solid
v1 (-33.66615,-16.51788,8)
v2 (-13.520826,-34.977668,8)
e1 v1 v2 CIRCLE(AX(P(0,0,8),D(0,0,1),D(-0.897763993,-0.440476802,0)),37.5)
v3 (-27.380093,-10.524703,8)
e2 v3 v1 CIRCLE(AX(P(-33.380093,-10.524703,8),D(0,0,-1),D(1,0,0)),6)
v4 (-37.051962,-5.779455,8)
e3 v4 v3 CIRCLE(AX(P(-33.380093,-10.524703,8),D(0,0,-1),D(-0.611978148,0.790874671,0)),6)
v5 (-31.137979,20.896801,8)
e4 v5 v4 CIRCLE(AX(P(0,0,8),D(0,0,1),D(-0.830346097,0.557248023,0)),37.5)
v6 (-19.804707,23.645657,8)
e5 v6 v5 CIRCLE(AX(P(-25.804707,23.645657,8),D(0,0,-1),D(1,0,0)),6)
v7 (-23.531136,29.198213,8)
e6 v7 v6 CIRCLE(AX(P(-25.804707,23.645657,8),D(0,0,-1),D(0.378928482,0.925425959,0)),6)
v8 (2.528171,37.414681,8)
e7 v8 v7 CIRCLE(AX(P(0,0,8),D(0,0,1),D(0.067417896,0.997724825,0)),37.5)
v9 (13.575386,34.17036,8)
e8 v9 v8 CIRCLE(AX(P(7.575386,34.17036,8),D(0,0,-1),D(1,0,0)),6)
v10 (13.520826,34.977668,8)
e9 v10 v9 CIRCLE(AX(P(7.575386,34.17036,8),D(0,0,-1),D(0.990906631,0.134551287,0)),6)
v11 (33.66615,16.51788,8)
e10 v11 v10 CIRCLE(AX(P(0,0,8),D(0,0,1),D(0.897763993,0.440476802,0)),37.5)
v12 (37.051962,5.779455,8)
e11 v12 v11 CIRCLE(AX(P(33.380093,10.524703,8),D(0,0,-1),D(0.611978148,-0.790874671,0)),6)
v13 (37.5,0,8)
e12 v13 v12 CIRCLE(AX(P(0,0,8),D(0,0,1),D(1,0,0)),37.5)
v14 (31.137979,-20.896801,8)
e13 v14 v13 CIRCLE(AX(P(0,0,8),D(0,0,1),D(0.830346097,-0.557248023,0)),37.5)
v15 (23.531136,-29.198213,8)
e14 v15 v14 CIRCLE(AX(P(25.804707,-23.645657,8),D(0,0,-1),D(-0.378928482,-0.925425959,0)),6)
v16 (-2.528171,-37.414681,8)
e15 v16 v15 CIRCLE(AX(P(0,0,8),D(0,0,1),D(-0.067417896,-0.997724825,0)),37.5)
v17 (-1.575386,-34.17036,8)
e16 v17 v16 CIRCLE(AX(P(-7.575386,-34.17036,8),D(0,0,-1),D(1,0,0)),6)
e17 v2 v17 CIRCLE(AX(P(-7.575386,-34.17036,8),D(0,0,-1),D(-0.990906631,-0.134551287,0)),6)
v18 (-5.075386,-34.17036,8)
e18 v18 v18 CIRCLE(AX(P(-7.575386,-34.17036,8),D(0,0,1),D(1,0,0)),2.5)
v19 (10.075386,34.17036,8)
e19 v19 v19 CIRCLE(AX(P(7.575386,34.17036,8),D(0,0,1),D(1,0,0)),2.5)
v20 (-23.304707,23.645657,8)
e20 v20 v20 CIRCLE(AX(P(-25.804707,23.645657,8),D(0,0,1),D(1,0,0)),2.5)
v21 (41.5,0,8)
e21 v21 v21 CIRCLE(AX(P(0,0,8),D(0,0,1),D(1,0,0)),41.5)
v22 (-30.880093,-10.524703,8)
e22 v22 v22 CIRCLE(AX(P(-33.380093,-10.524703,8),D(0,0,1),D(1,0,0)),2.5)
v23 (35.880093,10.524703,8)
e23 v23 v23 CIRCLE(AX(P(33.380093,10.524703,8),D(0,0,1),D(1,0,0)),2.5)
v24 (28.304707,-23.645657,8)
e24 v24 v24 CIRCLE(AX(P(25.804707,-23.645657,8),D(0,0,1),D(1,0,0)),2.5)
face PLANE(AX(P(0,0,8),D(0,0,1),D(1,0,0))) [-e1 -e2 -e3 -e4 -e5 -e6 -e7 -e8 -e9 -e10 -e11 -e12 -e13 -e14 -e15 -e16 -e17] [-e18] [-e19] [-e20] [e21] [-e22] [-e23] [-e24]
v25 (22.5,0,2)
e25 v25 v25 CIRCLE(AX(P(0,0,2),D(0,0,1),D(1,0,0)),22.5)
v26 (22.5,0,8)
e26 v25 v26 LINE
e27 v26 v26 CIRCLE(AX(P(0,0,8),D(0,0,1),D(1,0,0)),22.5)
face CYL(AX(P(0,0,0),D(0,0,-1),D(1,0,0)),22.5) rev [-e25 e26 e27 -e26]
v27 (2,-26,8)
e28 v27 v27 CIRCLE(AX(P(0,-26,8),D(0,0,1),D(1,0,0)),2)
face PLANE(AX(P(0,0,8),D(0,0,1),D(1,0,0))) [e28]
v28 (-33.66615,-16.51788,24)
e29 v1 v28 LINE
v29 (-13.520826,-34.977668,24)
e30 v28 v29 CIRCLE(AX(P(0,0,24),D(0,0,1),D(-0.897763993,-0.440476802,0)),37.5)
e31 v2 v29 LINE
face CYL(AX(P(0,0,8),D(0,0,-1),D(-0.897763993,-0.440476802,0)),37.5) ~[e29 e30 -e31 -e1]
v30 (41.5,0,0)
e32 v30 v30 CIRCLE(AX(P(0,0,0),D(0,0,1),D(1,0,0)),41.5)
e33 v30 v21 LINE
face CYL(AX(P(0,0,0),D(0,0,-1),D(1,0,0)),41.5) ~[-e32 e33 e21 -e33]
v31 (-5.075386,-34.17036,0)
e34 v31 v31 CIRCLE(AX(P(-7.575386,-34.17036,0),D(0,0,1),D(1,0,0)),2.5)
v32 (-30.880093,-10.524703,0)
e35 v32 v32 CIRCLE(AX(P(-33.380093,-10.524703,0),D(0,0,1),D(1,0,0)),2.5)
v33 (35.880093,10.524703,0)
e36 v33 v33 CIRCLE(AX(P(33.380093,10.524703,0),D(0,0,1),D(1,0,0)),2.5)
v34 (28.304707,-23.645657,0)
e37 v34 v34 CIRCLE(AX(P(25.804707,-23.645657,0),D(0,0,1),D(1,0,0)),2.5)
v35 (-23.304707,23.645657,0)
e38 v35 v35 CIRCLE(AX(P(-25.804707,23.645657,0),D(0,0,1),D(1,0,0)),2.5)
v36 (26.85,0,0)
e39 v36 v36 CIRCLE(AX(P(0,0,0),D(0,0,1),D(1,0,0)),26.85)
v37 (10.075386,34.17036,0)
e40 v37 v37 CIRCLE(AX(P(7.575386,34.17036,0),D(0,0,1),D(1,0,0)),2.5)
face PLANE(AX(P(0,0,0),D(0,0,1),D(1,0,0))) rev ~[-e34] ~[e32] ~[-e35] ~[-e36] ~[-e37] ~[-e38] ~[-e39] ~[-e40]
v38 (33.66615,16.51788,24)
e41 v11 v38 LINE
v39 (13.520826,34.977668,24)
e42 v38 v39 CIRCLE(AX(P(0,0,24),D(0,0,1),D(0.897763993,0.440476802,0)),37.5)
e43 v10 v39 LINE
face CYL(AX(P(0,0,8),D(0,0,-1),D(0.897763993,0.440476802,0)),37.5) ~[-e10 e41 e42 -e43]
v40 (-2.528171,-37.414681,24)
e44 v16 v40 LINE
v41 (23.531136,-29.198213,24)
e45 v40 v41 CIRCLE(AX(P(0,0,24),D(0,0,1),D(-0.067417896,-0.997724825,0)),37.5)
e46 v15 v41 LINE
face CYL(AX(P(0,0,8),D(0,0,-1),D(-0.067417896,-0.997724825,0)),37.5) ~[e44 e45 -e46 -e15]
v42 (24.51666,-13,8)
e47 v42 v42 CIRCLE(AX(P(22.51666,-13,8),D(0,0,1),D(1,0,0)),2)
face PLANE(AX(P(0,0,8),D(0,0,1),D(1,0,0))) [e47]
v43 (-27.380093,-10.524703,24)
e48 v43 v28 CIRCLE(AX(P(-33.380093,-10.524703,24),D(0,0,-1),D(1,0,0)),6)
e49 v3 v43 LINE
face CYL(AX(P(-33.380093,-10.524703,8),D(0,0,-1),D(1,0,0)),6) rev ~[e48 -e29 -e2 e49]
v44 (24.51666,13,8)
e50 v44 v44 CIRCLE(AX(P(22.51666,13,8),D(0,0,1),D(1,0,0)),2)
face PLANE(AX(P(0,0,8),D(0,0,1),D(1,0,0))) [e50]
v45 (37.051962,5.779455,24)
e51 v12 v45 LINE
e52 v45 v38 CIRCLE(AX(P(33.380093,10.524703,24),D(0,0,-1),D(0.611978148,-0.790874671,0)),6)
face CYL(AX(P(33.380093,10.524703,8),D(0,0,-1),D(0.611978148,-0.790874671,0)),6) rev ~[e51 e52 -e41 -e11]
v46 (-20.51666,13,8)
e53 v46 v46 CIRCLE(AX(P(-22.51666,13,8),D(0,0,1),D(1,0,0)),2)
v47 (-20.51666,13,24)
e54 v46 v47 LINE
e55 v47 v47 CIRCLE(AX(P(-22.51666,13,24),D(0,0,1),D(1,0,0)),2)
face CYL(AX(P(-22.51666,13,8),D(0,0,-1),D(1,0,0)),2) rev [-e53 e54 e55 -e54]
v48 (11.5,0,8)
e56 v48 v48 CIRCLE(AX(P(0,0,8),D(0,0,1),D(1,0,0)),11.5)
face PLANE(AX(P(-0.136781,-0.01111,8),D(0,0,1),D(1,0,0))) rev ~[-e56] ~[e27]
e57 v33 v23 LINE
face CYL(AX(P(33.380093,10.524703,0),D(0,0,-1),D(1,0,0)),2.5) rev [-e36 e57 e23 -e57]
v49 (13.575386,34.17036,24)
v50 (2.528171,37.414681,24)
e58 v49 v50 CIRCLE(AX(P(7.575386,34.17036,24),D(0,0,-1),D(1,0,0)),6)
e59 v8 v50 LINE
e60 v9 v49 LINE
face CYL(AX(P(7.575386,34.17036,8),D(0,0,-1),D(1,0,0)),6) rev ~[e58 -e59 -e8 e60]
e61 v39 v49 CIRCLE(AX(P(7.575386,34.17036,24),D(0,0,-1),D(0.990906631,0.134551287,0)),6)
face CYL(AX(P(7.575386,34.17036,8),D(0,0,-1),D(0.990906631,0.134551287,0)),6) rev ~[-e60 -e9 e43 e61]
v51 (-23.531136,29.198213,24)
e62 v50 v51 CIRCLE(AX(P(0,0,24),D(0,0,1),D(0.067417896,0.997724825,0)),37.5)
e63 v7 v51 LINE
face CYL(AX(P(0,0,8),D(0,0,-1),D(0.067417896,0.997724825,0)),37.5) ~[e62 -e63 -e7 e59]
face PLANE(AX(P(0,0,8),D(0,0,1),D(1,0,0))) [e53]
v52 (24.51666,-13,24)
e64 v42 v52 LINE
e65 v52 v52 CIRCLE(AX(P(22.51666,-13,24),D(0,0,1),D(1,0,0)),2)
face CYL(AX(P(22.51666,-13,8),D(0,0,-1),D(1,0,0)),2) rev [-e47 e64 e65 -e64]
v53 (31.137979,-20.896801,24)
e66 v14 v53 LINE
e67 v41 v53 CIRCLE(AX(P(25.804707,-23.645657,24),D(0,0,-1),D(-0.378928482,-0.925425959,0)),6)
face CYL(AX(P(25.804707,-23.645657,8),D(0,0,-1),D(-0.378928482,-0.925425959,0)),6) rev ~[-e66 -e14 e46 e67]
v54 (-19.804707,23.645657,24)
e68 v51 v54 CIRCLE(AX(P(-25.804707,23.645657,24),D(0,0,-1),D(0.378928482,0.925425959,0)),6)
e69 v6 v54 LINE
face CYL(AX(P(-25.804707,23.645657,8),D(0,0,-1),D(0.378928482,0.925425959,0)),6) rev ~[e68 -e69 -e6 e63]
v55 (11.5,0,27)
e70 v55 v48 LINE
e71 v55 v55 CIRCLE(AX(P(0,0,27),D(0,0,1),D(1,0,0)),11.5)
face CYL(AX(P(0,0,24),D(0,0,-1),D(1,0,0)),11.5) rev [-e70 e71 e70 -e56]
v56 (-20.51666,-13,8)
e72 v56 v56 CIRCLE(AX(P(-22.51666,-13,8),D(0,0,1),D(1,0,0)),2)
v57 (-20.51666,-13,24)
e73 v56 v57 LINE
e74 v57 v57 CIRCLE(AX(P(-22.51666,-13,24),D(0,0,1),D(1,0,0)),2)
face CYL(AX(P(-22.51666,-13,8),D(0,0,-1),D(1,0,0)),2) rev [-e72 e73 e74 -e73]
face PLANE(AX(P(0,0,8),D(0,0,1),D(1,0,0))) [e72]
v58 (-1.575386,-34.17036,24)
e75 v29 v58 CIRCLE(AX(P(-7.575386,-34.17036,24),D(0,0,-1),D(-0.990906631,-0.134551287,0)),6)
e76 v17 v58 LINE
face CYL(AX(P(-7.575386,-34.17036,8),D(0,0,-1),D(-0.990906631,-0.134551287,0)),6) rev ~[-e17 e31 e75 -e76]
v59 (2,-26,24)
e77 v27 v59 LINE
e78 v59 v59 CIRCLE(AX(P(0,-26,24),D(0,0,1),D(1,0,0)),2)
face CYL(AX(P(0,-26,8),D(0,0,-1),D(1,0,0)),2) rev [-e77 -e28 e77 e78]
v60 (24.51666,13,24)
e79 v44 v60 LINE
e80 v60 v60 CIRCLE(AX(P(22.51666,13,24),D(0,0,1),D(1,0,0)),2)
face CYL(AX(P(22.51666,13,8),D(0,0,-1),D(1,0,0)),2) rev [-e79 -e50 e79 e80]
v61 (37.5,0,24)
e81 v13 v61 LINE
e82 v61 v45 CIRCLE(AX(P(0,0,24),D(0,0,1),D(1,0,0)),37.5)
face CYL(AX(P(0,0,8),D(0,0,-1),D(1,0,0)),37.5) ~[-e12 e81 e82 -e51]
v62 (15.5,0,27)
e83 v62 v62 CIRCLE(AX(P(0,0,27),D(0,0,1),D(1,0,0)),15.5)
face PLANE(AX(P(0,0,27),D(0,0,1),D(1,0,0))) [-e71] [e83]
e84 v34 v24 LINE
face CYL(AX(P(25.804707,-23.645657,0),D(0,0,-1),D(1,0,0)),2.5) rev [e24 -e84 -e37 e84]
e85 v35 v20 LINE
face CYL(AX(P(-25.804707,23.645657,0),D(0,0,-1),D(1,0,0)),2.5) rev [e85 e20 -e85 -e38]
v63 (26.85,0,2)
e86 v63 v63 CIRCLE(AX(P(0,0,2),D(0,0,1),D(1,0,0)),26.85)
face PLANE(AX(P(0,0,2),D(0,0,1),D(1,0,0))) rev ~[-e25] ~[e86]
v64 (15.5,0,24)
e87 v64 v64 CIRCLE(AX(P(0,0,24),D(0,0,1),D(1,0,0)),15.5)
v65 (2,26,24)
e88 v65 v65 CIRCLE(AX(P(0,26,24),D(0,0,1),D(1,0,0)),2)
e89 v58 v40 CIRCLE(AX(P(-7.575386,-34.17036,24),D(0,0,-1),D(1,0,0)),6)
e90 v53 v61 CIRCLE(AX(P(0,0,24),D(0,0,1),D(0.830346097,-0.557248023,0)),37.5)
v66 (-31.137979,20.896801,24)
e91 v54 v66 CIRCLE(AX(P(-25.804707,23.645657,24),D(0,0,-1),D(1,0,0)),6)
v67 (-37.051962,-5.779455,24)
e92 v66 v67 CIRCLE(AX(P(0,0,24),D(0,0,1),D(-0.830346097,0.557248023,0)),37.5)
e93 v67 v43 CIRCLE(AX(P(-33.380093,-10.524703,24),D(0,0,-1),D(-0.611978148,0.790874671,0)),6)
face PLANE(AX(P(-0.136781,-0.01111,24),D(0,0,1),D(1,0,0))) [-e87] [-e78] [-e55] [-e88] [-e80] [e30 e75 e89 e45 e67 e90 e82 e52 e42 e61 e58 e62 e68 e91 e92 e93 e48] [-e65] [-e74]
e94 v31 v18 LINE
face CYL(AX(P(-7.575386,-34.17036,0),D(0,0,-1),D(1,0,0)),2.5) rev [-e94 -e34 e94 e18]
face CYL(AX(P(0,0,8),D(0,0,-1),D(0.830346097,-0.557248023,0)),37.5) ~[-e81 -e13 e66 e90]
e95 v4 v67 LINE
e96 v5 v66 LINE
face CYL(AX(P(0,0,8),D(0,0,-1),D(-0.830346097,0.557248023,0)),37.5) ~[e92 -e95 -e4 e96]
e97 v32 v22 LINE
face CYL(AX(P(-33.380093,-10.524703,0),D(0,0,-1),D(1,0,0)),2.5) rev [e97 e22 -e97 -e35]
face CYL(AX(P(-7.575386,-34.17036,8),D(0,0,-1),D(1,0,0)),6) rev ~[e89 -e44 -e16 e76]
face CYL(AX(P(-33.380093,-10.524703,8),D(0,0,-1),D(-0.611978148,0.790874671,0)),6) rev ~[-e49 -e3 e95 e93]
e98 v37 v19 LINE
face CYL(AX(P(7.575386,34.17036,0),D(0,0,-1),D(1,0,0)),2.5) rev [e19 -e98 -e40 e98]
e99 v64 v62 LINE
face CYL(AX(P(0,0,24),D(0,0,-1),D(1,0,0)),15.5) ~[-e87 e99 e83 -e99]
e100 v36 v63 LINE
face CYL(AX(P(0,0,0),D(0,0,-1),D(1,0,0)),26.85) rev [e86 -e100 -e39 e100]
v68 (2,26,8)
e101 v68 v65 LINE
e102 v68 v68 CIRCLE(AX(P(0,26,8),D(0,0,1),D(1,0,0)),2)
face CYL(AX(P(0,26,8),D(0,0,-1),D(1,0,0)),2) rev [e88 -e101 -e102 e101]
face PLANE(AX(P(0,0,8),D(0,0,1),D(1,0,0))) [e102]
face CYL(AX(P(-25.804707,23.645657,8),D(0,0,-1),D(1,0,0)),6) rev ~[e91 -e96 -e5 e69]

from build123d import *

# Parameters (mm, degrees)
F0_R     = 41.5
F0_R_2   = 2.5
F0_R_3   = 26.85
F0_R_4   = 22.5
F1_DEPTH = 8
F2_DEPTH = 2
F3_R     = 2
F3_R_2   = 22.5
F3_R_3   = 11.5
F4_DEPTH = 16
F5_R     = 15.5
F5_R_2   = 11.5
F6_DEPTH = 3


with BuildPart() as f1:
    # F0 (on Top) → F1 (new body)
    with BuildSketch(Plane.XY):
        Circle(F0_R)
        with Locations((-7.5753864878, -34.1703602492)):
            Circle(F0_R_2, mode=Mode.SUBTRACT)
        with Locations((-33.3800932762, -10.5247029826)):
            Circle(F0_R_2, mode=Mode.SUBTRACT)
        with Locations((25.8047067884, -23.6456572665)):
            Circle(F0_R_2, mode=Mode.SUBTRACT)
        with Locations((-25.8047067884, 23.6456572665)):
            Circle(F0_R_2, mode=Mode.SUBTRACT)
        Circle(F0_R_3, mode=Mode.SUBTRACT)
        with Locations((33.3800932762, 10.5247029826)):
            Circle(F0_R_2, mode=Mode.SUBTRACT)
        with Locations((7.5753864878, 34.1703602492)):
            Circle(F0_R_2, mode=Mode.SUBTRACT)
        Circle(F0_R_3)
        Circle(F0_R_4, mode=Mode.SUBTRACT)
    extrude(amount=F1_DEPTH)

    # F0 (on Top) → F2 (cut)
    with BuildSketch(Plane.XY):
        Circle(F0_R_3)
        Circle(F0_R_4, mode=Mode.SUBTRACT)
    extrude(amount=F2_DEPTH, mode=Mode.SUBTRACT)

    # F3 (on face) → F4 (join)
    with BuildSketch(Plane.XY.offset(8)):
        with BuildLine():
            ThreePointArc((31.1379786303, -20.8968008752), (35.8742539897, -10.9219000491), (37.5, 0))
            ThreePointArc((37.5, 0), (37.3878227586, 2.8983977242), (37.0519621671, 5.7794549545))
            ThreePointArc((37.051962167, 5.7794549545), (27.6577915717, 8.7204681856), (33.6661497309, 16.5178800787))
            ThreePointArc((33.6661497309, 16.5178800787), (25.3346327856, 27.6479001304), (13.5208262729, 34.977667974))
            ThreePointArc((13.5208262729, 34.977667974), (13.5617308945, 34.5749348961), (13.5753864878, 34.1703602492))
            ThreePointArc((13.5753864878, 34.1703602492), (5.8847198032, 28.4134820881), (2.5281711006, 37.4146809539))
            ThreePointArc((2.5281711006, 37.414680954), (-11.2764674814, 35.7643856531), (-23.5311358942, 29.1982130195))
            ThreePointArc((-23.5311358942, 29.1982130195), (-20.8226677798, 26.9892013918), (-19.8047067884, 23.6456572665))
            ThreePointArc((-19.8047067884, 23.6456572665), (-24.390428006, 17.8147211903), (-31.1379786303, 20.8968008752))
            ThreePointArc((-31.1379786303, 20.8968008752), (-36.611100267, 8.1164855227), (-37.051962167, -5.7794549545))
            ThreePointArc((-37.0519621671, -5.7794549545), (-30.7372929948, -5.1380893272), (-27.3800932762, -10.5247029826))
            ThreePointArc((-27.3800932762, -10.5247029826), (-29.2398238845, -14.8673023614), (-33.6661497309, -16.5178800787))
            ThreePointArc((-33.6661497309, -16.5178800787), (-25.3346327856, -27.6479001304), (-13.5208262729, -34.977667974))
            ThreePointArc((-13.5208262729, -34.977667974), (-7.9799611347, -28.1840158425), (-1.5753864878, -34.1703602492))
            ThreePointArc((-1.5753864878, -34.1703602492), (-1.8185083267, -35.8610269338), (-2.5281711006, -37.4146809539))
            ThreePointArc((-2.5281711006, -37.414680954), (11.2764674814, -35.7643856531), (23.5311358942, -29.1982130195))
            ThreePointArc((23.5311358942, -29.1982130195), (21.3810427675, -19.5921160209), (31.1379786303, -20.8968008752))
        make_face()
        with Locations((-22.5166604984, -13)):
            Circle(F3_R, mode=Mode.SUBTRACT)
        with Locations((0, -26)):
            Circle(F3_R, mode=Mode.SUBTRACT)
        with Locations((22.5166604984, -13)):
            Circle(F3_R, mode=Mode.SUBTRACT)
        with Locations((-22.5166604984, 13)):
            Circle(F3_R, mode=Mode.SUBTRACT)
        Circle(F3_R_2, mode=Mode.SUBTRACT)
        with Locations((22.5166604984, 13)):
            Circle(F3_R, mode=Mode.SUBTRACT)
        with Locations((0, 26)):
            Circle(F3_R, mode=Mode.SUBTRACT)
        Circle(F3_R_2)
        Circle(F3_R_3, mode=Mode.SUBTRACT)
    extrude(amount=F4_DEPTH)

    # F5 (on face) → F6 (join)
    with BuildSketch(Plane.XY.offset(24)):
        Circle(F5_R)
        Circle(F5_R_2, mode=Mode.SUBTRACT)
    extrude(amount=F6_DEPTH)


solid = f1.part
